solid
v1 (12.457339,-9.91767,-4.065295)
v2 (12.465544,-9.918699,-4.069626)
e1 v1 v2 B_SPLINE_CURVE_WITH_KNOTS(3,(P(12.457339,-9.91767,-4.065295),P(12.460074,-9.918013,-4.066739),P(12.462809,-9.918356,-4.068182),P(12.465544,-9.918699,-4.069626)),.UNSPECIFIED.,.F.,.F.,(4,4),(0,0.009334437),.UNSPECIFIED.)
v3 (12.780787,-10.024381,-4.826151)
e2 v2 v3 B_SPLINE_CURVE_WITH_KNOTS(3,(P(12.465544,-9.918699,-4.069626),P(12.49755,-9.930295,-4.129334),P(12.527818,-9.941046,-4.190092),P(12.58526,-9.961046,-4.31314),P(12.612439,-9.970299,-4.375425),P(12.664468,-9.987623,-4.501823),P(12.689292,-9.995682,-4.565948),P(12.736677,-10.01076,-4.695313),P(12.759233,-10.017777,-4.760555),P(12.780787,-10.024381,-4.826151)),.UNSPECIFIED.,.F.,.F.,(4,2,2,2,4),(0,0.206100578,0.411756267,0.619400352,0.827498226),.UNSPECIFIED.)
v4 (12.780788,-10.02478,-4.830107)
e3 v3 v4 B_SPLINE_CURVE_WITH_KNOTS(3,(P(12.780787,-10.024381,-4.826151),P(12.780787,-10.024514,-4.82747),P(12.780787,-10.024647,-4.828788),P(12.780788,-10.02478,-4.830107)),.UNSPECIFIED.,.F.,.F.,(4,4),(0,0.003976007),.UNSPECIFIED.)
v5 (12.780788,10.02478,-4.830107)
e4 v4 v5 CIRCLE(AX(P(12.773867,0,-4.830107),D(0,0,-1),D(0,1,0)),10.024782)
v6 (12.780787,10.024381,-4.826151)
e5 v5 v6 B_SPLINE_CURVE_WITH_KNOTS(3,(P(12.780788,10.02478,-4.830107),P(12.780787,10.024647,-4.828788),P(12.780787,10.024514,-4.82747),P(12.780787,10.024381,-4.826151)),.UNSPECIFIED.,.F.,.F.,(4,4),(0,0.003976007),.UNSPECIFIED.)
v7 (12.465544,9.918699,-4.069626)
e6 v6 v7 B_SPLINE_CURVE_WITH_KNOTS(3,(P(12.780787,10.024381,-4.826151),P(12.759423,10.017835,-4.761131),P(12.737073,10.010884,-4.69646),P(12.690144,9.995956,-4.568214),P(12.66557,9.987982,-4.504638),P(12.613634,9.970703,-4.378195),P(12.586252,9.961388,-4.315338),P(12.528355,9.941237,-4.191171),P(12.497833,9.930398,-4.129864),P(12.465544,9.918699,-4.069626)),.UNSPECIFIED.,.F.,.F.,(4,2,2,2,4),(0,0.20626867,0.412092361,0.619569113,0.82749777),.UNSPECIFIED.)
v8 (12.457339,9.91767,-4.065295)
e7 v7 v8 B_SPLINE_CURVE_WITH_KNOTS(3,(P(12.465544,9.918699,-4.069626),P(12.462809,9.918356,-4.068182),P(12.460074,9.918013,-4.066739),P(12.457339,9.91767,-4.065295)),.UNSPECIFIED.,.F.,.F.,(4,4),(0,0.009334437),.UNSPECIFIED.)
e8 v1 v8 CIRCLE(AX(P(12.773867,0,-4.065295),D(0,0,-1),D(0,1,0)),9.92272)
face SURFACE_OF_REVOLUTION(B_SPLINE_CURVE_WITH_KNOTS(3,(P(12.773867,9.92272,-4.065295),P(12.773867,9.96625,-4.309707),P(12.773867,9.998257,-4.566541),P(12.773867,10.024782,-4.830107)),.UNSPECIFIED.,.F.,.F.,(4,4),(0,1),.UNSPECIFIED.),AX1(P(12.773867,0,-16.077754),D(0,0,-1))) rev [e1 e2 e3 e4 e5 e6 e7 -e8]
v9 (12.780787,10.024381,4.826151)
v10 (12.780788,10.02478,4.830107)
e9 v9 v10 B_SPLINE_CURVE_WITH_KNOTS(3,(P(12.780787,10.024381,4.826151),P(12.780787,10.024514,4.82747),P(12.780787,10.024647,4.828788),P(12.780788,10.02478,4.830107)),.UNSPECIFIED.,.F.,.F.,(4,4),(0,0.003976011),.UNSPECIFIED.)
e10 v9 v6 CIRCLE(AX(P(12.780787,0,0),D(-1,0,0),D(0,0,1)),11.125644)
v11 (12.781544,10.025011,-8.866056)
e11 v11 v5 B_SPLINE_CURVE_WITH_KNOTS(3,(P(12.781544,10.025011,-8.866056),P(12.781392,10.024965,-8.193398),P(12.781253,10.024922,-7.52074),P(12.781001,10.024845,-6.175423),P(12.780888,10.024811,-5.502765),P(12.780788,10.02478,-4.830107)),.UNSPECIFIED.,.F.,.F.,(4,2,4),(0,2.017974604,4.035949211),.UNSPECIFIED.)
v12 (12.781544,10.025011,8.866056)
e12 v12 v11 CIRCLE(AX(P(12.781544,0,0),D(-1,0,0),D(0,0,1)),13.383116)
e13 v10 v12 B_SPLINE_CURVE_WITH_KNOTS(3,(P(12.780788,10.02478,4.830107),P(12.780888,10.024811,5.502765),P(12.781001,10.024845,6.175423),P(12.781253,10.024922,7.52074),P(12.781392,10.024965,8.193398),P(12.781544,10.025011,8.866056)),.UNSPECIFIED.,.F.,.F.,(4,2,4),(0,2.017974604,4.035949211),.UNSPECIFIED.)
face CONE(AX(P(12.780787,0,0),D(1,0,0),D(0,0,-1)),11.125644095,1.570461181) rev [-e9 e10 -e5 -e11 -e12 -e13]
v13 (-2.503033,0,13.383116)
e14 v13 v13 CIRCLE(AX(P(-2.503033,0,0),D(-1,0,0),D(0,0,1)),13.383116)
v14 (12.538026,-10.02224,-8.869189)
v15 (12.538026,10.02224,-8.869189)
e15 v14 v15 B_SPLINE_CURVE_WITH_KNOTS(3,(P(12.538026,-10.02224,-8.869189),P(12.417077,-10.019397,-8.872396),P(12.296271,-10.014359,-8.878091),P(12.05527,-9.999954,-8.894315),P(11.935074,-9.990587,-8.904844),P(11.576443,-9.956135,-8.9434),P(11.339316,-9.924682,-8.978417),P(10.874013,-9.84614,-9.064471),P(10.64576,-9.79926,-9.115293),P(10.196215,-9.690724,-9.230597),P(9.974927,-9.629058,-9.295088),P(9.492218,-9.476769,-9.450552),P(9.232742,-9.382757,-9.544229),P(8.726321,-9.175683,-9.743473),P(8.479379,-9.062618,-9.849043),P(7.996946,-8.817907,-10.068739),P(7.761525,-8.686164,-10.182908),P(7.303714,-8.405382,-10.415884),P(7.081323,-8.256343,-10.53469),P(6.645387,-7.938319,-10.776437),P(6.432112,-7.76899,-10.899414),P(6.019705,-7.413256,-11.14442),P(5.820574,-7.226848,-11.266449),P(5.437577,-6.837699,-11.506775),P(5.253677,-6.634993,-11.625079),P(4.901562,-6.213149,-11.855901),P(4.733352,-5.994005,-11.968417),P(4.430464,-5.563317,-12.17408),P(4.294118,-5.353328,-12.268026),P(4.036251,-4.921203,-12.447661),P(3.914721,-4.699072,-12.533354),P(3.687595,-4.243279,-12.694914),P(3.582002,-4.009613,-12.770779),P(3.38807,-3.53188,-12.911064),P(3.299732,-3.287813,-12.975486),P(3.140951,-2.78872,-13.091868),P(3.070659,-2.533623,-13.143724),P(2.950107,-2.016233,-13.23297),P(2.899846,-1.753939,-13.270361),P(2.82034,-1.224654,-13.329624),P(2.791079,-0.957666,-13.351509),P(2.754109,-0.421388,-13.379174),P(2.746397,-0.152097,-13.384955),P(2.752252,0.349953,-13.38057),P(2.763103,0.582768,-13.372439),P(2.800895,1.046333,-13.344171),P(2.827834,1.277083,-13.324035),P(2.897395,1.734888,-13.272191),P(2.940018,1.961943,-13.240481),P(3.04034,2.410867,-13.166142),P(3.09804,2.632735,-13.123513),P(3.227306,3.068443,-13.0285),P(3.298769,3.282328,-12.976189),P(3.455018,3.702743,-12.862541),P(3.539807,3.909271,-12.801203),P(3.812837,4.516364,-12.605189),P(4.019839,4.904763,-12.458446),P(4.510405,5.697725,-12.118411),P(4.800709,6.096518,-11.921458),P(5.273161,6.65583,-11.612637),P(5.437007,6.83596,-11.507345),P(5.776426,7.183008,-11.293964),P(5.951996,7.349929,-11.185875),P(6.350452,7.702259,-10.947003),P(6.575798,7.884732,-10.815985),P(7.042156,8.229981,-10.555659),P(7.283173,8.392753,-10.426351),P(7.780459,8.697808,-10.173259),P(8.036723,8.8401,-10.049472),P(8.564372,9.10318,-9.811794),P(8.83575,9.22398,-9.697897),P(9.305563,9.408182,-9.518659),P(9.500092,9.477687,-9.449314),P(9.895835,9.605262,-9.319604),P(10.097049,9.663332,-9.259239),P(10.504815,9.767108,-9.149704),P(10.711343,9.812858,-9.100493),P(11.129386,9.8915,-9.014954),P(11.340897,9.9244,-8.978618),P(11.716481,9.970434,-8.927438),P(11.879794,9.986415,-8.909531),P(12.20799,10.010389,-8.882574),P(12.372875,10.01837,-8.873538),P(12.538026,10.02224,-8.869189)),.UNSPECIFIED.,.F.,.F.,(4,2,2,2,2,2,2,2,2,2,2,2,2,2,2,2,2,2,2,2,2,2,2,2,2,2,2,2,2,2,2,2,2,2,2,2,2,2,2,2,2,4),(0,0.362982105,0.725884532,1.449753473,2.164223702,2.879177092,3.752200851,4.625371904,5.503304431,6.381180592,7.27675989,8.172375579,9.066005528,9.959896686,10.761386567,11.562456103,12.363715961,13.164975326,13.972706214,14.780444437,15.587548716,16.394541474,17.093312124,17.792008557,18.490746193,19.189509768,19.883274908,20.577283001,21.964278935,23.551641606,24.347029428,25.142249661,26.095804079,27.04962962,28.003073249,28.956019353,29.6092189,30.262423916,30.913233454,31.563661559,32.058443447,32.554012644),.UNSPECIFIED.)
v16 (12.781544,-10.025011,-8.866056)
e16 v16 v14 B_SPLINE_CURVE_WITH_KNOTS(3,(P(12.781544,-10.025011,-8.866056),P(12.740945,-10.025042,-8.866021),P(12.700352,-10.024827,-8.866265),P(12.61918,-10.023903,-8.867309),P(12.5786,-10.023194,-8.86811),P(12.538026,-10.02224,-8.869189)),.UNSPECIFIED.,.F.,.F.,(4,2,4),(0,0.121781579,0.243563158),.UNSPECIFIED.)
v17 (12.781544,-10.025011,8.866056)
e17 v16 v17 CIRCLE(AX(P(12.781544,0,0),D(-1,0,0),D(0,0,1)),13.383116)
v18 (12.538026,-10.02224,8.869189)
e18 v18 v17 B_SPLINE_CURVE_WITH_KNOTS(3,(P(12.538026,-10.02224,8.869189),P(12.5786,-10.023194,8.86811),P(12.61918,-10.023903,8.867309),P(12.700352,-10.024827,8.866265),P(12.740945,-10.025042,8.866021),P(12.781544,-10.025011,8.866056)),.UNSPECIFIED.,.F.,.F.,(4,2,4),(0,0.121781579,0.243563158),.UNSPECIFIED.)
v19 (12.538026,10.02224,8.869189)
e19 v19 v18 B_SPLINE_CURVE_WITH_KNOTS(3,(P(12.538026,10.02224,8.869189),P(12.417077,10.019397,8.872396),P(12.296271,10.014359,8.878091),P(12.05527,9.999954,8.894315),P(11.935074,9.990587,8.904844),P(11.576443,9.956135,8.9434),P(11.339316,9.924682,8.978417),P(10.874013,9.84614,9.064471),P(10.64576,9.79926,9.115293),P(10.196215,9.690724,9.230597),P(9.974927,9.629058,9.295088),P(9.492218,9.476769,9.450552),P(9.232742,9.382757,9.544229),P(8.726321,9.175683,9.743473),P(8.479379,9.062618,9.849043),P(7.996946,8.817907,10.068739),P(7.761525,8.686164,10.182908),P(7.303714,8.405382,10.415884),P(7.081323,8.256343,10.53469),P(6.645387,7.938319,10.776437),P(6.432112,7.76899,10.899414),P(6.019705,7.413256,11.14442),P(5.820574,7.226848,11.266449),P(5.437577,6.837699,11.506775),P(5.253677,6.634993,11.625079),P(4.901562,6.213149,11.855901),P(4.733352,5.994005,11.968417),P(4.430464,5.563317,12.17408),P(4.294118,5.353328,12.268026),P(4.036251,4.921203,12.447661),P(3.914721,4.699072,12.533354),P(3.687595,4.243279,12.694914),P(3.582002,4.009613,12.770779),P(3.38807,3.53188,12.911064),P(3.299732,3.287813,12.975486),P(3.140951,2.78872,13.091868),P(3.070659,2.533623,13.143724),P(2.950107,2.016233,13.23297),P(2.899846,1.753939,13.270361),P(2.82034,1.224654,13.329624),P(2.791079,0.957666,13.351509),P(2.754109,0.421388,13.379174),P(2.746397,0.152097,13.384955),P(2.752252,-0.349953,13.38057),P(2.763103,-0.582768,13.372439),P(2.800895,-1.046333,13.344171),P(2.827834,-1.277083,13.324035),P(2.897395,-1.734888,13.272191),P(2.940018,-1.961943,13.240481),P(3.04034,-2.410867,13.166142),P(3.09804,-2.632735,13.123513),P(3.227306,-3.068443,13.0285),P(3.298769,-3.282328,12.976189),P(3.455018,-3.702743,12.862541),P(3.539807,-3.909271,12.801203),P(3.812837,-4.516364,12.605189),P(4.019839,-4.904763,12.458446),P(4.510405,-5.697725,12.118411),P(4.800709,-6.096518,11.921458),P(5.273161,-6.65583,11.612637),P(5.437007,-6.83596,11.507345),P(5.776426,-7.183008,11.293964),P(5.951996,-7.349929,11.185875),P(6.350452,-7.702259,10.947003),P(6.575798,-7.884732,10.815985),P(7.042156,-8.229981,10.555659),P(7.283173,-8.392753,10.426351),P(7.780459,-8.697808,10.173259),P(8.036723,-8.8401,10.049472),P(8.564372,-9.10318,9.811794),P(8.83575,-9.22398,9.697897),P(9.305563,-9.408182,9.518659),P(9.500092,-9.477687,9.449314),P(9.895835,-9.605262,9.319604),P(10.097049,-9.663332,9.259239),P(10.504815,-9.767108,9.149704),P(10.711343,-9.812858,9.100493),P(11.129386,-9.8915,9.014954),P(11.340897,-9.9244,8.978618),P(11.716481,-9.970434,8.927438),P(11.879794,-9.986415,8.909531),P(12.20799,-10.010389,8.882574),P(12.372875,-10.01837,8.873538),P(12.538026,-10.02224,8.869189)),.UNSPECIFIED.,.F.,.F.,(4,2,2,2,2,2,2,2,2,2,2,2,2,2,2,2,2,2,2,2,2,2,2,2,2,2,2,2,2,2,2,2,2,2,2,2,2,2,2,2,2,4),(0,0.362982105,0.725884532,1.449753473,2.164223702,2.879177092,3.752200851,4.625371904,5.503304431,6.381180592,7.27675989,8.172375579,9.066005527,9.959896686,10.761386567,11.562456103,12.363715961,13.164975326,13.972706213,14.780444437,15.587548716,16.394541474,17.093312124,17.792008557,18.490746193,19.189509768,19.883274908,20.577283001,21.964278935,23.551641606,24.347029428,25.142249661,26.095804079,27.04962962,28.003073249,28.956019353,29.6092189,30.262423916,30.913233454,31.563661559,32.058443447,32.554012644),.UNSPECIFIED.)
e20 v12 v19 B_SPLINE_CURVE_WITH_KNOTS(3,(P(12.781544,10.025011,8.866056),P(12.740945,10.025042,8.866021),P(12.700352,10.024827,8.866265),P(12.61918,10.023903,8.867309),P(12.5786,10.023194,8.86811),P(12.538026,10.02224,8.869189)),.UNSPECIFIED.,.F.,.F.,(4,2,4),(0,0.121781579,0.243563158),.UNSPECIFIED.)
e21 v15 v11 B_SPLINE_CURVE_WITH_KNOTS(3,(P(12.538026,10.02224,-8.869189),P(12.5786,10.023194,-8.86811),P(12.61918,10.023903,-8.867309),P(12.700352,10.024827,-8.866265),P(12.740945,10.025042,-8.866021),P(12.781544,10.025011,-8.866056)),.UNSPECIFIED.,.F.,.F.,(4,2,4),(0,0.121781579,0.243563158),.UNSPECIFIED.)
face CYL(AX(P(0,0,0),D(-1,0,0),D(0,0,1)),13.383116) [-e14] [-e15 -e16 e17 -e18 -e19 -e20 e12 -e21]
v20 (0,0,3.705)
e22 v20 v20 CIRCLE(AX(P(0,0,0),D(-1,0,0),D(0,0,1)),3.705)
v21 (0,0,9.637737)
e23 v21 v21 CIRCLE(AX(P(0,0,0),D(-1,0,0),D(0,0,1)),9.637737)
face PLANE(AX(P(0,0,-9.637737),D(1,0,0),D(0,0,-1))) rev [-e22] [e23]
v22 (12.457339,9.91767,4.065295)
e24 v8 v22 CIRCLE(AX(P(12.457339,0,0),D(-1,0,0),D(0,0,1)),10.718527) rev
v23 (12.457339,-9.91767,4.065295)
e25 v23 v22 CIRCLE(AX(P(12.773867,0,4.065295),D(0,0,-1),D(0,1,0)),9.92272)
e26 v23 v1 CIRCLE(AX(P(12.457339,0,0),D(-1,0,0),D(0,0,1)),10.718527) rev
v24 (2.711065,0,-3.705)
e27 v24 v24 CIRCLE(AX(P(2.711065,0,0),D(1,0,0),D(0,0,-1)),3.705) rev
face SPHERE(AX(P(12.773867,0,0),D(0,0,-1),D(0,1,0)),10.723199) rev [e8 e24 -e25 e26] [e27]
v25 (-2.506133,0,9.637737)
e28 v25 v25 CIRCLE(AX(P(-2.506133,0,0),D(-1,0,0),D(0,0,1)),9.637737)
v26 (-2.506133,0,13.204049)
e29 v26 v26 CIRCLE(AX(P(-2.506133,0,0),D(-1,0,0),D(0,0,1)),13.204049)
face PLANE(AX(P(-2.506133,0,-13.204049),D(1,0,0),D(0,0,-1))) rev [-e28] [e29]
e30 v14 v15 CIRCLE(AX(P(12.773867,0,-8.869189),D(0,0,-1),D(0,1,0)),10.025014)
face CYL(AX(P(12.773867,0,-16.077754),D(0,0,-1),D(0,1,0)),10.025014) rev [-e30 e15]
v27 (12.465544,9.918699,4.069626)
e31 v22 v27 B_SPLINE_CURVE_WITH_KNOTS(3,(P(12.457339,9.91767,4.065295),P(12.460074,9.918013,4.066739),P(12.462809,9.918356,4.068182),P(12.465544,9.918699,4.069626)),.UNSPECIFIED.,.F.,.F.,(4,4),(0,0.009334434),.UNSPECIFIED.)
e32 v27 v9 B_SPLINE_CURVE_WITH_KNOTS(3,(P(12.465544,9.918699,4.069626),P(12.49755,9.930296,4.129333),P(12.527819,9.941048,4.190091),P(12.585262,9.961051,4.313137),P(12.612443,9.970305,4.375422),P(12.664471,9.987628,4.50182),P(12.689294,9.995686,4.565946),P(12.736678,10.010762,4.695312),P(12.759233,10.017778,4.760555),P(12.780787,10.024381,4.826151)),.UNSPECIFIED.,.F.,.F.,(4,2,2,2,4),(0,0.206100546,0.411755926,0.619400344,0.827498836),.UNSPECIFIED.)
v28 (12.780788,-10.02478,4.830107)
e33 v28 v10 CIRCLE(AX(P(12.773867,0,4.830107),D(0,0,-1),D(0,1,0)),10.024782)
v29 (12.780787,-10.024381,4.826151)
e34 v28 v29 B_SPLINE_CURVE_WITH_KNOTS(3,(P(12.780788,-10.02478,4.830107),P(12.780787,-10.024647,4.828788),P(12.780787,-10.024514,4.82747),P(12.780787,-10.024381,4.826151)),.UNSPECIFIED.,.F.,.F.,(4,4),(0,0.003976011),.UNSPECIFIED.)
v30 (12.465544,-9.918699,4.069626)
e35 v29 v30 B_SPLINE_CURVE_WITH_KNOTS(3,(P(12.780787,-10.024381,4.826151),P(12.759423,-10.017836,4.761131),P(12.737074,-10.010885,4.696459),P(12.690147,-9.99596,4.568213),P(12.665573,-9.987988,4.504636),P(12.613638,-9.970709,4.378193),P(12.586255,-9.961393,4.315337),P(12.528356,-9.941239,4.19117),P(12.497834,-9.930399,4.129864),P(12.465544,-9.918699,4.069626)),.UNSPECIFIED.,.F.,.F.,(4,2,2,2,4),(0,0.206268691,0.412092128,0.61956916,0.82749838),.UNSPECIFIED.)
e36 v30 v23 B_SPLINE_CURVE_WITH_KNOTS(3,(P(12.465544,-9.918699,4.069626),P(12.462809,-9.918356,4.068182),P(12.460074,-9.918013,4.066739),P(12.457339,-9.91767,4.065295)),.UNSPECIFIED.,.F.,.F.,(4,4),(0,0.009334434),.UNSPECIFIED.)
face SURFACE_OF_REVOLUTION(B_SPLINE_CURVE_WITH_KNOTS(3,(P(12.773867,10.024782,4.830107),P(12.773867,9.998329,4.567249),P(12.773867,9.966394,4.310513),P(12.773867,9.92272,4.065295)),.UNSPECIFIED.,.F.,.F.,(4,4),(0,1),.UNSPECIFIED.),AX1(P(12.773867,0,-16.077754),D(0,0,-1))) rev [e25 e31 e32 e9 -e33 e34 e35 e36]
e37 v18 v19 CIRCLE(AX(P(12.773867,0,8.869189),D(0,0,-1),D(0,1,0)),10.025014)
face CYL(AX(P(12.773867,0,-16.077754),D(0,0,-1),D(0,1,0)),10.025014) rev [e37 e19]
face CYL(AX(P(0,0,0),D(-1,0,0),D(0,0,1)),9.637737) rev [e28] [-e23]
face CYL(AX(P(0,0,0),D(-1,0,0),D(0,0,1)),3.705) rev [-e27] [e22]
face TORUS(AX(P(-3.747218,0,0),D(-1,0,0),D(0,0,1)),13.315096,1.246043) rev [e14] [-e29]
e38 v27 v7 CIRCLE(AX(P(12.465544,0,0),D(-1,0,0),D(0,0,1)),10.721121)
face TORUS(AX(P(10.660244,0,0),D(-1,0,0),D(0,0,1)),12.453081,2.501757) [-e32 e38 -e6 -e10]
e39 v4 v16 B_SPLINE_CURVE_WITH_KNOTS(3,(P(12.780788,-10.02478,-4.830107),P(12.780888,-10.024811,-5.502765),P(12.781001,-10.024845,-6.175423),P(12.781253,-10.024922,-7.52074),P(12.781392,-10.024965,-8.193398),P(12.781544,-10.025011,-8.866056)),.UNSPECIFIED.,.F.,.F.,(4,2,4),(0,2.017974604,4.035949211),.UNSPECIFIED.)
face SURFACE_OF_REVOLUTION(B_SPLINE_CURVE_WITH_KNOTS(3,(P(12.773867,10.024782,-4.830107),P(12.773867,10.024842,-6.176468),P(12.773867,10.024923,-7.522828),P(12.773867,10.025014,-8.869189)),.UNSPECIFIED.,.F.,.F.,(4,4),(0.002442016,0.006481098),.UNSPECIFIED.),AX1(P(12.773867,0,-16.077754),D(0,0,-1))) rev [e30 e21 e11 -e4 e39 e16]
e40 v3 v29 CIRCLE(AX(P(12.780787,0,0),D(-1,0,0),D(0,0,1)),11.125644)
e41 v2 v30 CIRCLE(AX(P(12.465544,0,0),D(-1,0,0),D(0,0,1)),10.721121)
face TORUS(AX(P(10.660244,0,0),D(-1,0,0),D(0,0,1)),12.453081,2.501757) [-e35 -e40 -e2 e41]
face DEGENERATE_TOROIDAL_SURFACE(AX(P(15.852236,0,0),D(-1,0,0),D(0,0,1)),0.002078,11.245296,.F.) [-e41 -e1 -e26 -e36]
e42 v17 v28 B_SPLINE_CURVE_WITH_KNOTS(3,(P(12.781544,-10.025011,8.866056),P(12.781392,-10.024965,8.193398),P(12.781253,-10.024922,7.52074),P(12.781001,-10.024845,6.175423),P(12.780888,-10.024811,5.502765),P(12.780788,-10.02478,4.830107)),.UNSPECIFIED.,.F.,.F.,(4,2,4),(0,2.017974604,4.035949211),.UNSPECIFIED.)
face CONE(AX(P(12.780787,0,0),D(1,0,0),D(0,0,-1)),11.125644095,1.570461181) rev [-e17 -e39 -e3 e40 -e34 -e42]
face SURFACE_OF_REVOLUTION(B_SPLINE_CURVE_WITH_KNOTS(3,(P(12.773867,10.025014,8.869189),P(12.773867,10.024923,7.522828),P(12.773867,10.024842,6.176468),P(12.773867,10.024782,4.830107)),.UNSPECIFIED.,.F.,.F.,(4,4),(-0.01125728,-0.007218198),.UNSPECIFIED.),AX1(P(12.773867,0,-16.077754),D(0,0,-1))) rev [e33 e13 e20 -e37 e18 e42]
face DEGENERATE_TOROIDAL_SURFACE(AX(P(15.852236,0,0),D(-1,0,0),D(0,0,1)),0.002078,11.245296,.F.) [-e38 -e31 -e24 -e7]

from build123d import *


with BuildPart() as part:
    # Çizim1 → Döndür1 (revolve)
    with BuildSketch(Plane(origin=(0, 0, 0), x_dir=(1, 0, 0), z_dir=(0, 1, 0)), mode=Mode.PRIVATE) as d_nd_r1_sk:
        with BuildLine():
            Line((12.781543507, 13.383116119), (-2.50303312, 13.383116119))
            ThreePointArc((-2.50303312, 13.383116119), (-2.501361875, 13.293526957), (-2.506133274, 13.204049335))
            Line((-2.506133274, 13.204049335), (-2.506133274, 9.63773694))
            Line((-2.506133274, 9.63773694), (0, 9.63773694))
            Line((0, 9.63773694), (0, 3.705))
            Line((0, 3.705), (4.808638309, 3.705))
            ThreePointArc((4.808638309, 3.705), (5.009621244, 3.664180843), (5.185678757, 3.558994837))
            ThreePointArc((5.185678757, 3.558994837), (7.965698705, 8.014106646), (12.465543511, 10.721121396))
            ThreePointArc((12.465543511, 10.721121396), (12.633558311, 10.915283437), (12.780786925, 11.125644095))
            Line((12.780786925, 11.125644095), (12.781543507, 13.383116119))
        make_face()
    revolve(d_nd_r1_sk.sketch.rotate(Axis((0, 0, 0), (1, 0, 0)), 180), axis=Axis((0, 0, 0), (1, 0, 0)))

    # Çizim2 → Kes-Döndür3 (revolve, cut)
    with BuildSketch(Plane.ZY.offset(-12.773866726)):
        with BuildLine():
            Line((13.385193973, 0), (-13.385193973, 0))
            Line((-13.385193973, 0), (-16.077753665, 0))
            Line((-16.077753665, 0), (-16.077753665, 10.025014185))
            Line((-16.077753665, 10.025014185), (-8.869188704, 10.025014185))
            add(Edge.make_bspline(
                [(-4.830106972, 10.024782411), (-6.17646756, 10.024842425), (-7.522828137, 10.024922597), (-8.869188704, 10.025014185)],
                knots=[0.002442016, 0.002442016, 0.002442016, 0.002442016, 0.006481098, 0.006481098, 0.006481098, 0.006481098], degree=3))
            add(Edge.make_bspline(
                [(-4.065295391, 9.922720168), (-4.309706946, 9.966250241), (-4.566541382, 9.998257381), (-4.830106972, 10.024782411)],
                knots=[0, 0, 0, 0, 1, 1, 1, 1], degree=3))
            ThreePointArc((-4.065295391, 9.922720168), (0, 10.723199249), (4.065295391, 9.922720168))
            add(Edge.make_bspline(
                [(4.830106972, 10.024782411), (4.567249442, 9.99832864), (4.310513413, 9.966393874), (4.065295391, 9.922720168)],
                knots=[0, 0, 0, 0, 1, 1, 1, 1], degree=3))
            add(Edge.make_bspline(
                [(8.869188704, 10.025014185), (7.522828137, 10.024922597), (6.17646756, 10.024842425), (4.830106972, 10.024782411)],
                knots=[-0.01125728, -0.01125728, -0.01125728, -0.01125728, -0.007218198, -0.007218198, -0.007218198, -0.007218198], degree=3))
            Line((8.869188704, 10.025014185), (15.518432284, 10.025014185))
            Line((15.518432284, 10.025014185), (15.518432284, 0))
            Line((15.518432284, 0), (13.385193973, 0))
        make_face()
    revolve(axis=Axis((12.773866726, 0, -16.077753665), (0, 0, 1)), mode=Mode.SUBTRACT)


solid = part.part
